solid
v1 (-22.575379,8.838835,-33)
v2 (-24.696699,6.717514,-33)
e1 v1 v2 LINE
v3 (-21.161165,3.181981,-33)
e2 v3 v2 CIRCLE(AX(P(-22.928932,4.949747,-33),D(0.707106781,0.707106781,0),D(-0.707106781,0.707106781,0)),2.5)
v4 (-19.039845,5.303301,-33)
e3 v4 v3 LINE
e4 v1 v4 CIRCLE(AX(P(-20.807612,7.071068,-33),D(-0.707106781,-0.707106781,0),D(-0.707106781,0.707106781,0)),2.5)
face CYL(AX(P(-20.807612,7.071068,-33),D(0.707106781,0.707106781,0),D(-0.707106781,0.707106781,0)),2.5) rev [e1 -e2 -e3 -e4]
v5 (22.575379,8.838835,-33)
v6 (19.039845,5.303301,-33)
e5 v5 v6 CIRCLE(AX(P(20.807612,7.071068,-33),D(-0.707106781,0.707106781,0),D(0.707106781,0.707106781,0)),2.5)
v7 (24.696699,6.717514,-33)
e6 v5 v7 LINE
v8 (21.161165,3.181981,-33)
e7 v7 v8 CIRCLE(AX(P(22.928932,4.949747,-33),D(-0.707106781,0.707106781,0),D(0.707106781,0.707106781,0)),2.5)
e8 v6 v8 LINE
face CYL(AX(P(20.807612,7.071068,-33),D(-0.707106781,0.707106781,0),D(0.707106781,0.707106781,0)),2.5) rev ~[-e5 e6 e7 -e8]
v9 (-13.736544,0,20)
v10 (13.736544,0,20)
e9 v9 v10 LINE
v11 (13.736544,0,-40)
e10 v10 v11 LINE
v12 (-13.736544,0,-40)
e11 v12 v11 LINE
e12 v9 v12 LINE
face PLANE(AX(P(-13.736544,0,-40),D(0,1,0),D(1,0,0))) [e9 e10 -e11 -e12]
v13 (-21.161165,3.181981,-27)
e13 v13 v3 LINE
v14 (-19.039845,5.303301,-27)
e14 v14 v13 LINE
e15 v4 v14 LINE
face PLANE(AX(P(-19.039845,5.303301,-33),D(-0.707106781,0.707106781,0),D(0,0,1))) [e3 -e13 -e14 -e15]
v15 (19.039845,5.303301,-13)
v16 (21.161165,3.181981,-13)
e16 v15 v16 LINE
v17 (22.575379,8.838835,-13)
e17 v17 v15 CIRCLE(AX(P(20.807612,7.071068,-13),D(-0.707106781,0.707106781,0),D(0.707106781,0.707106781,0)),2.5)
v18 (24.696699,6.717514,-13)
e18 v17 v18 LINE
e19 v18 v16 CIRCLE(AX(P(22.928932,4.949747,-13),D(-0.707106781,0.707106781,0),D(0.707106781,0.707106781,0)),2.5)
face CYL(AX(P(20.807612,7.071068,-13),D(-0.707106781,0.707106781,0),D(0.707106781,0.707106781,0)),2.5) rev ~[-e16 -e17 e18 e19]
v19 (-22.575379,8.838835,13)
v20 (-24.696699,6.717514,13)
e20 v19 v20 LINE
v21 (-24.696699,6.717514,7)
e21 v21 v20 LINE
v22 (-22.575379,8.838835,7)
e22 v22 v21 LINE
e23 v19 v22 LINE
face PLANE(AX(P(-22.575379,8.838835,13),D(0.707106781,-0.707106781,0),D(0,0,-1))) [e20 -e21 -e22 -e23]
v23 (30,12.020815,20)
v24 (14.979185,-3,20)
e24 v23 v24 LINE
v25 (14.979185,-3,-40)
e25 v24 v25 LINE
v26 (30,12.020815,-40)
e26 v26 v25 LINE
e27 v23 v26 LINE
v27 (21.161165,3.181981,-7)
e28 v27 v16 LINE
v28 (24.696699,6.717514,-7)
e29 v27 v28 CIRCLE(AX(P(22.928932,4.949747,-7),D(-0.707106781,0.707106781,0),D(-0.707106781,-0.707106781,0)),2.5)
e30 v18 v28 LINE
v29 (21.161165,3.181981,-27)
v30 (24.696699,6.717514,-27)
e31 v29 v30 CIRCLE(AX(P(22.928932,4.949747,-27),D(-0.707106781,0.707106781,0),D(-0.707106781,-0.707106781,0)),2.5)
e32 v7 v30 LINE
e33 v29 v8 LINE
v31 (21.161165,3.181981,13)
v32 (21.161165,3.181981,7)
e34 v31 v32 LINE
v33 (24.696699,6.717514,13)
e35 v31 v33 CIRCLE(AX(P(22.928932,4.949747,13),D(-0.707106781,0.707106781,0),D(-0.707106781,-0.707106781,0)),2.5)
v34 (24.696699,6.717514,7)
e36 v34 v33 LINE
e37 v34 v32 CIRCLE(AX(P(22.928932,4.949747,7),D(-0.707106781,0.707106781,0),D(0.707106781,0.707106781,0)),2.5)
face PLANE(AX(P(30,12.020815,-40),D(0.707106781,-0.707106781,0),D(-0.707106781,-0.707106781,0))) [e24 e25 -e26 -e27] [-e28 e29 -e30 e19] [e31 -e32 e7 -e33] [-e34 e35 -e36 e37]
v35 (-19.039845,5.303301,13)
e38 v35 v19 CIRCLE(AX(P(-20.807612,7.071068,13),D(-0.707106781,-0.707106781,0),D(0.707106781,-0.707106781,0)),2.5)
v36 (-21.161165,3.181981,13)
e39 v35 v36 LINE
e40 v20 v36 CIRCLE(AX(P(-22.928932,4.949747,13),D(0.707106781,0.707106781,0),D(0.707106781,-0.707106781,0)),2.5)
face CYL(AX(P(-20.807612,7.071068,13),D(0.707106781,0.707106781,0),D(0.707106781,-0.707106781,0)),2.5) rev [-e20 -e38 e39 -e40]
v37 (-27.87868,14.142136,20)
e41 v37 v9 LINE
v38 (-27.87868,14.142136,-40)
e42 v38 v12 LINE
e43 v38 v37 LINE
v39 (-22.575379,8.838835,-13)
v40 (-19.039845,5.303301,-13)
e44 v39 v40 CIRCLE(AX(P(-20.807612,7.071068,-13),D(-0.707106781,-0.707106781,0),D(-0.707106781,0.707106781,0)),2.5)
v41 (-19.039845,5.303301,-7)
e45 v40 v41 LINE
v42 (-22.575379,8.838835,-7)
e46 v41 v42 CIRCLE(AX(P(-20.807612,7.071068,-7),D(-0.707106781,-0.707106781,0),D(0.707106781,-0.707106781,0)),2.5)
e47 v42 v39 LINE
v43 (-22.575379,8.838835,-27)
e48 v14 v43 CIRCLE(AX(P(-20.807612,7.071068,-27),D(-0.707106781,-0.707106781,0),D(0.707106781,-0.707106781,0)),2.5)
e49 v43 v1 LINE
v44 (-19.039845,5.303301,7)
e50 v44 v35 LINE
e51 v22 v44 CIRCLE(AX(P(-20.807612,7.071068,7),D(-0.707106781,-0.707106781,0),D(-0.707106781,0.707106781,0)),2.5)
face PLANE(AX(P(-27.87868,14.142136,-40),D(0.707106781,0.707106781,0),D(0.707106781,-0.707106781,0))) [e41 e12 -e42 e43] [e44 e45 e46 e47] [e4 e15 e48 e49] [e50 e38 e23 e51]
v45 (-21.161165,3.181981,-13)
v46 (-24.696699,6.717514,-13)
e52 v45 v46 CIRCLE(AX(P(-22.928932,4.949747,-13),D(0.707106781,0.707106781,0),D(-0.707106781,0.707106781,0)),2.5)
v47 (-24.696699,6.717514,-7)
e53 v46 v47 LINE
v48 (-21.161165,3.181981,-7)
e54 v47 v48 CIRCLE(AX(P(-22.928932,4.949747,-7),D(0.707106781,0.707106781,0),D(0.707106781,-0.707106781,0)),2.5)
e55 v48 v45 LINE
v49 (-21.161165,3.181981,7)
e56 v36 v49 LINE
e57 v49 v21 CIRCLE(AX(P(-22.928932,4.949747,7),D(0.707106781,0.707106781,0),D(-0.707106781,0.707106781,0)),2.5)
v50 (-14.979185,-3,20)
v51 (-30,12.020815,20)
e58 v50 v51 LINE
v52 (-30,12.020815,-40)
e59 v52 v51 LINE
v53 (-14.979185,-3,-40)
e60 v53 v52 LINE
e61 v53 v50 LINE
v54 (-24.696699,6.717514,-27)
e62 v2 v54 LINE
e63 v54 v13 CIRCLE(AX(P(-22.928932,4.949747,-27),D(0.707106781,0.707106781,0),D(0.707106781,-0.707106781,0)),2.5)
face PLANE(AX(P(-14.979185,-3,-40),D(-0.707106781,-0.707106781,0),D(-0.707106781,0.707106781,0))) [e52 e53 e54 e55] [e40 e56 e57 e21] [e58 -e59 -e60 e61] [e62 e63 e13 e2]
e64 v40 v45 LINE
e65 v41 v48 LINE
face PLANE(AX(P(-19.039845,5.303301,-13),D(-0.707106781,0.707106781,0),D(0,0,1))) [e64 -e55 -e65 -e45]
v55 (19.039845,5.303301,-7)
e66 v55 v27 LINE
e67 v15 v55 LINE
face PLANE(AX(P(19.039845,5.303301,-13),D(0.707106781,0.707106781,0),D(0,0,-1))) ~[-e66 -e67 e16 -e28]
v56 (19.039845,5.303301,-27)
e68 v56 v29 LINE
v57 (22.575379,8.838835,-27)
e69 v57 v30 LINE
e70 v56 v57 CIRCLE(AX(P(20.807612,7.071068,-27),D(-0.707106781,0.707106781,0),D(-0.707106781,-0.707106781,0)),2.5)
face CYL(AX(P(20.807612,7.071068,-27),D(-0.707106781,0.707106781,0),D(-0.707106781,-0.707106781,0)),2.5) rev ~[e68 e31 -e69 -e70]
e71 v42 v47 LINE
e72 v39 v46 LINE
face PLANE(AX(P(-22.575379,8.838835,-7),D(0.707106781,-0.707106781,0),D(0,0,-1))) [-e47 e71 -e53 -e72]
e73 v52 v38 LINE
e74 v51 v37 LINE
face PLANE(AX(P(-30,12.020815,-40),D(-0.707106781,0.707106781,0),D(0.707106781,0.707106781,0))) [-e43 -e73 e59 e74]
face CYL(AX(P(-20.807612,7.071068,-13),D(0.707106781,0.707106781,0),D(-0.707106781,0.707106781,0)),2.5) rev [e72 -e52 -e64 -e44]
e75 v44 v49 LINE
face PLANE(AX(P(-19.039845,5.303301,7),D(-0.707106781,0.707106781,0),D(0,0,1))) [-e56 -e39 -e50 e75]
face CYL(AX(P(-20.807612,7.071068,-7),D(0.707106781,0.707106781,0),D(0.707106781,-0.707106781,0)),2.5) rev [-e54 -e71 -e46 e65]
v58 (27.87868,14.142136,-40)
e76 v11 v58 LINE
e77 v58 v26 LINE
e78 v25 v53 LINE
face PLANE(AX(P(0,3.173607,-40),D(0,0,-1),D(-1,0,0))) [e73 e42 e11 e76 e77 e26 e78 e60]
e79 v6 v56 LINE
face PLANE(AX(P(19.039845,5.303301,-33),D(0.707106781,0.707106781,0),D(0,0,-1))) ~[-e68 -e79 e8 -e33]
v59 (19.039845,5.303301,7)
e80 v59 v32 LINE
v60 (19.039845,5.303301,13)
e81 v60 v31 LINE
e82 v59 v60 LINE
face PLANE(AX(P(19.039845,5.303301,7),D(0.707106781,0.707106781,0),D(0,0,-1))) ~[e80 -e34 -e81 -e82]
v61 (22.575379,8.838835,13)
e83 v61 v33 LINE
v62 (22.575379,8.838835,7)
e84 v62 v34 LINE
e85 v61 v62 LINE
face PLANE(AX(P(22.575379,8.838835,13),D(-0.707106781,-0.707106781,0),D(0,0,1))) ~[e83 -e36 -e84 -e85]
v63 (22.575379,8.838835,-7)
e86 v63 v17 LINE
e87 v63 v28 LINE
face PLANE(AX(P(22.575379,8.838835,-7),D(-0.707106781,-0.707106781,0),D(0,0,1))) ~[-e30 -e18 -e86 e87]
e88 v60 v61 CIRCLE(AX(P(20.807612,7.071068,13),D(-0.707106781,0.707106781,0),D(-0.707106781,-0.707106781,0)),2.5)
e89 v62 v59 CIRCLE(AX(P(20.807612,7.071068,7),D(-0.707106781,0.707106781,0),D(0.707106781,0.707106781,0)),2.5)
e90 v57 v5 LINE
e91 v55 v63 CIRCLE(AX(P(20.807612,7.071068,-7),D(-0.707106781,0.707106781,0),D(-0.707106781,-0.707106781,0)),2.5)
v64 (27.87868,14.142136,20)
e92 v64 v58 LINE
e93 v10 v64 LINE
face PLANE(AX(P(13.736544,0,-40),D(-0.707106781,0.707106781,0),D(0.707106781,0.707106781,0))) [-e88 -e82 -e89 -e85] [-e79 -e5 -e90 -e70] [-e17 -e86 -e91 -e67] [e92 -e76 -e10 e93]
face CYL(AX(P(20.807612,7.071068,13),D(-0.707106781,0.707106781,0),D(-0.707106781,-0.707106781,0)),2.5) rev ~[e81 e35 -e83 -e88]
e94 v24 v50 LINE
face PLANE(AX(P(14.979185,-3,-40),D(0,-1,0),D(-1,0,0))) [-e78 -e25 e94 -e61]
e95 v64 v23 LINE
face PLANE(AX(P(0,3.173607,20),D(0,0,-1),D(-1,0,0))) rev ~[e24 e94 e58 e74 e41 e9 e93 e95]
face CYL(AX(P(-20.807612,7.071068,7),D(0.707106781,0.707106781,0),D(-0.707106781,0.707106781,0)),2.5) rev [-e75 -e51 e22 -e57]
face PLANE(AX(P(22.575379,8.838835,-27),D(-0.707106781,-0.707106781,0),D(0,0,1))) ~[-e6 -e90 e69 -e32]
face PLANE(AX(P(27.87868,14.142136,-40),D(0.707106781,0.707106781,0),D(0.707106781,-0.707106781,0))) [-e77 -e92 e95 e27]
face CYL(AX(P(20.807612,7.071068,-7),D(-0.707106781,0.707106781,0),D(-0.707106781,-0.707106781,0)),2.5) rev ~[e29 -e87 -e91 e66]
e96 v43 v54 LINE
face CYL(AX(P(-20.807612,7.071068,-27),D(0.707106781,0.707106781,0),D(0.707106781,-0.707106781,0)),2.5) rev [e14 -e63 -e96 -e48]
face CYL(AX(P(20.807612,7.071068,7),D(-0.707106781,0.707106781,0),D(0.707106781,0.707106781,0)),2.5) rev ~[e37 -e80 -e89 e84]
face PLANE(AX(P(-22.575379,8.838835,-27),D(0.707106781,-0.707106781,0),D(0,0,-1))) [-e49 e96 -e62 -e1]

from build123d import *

# Parameters (mm, degrees)
EXTRUDE_1_DEPTH        = 20
CUT_EXTRUDE_1_DEPTH    = 14.621320344
PATTERN_LINEAR_1_COUNT = 3
PATTERN_LINEAR_1_PITCH = 20


with BuildPart() as part:
    # Эскиз1 → Вытянуть-Тонкостенный1 (new body)
    with BuildSketch(Plane.XY):
        Polygon((-27.878679656, 14.142135624), (-13.736544033, 0), (13.736544033, 0), (27.878679656, 14.142135624), (30, 12.02081528), (14.97918472, -3), (-14.97918472, -3), (-30, 12.02081528), align=None)
    extrude(amount=EXTRUDE_1_DEPTH)

    # Эскиз2 → Вырез-Вытянуть1 (cut, through all)
    with BuildSketch(Plane(origin=(-6.868272016, -6.868272016, 0), x_dir=(0, 0, -1), z_dir=(0.707106781, 0.707106781, 0))):
        with BuildLine():
            Line((-7, 17.213203436), (-13, 17.213203436))
            ThreePointArc((-13, 17.213203436), (-15.5, 19.713203436), (-13, 22.213203436))
            Line((-13, 22.213203436), (-7, 22.213203436))
            ThreePointArc((-7, 22.213203436), (-4.5, 19.713203436), (-7, 17.213203436))
        make_face()
    cut_extrude_1 = extrude(amount=-CUT_EXTRUDE_1_DEPTH, mode=Mode.SUBTRACT)

    # Зеркальное отражение1: Вырез-Вытянуть1 across plane
    add(cut_extrude_1.mirror(Plane(origin=(0, 0, 0), x_dir=(0, 0, 1), z_dir=(1, 0, 0))), mode=Mode.SUBTRACT)


with BuildPart() as pattern_linear_1_1:
    # Линейный массив1: pattern copy
    add(part.part.moved(Location(Vector(0, 0, -1) * (1 * PATTERN_LINEAR_1_PITCH))))


with BuildPart() as pattern_linear_1_2:
    # Линейный массив1: pattern copy
    add(part.part.moved(Location(Vector(0, 0, -1) * (2 * PATTERN_LINEAR_1_PITCH))))


with BuildPart() as part_1:
    add(part.part)

    # Combine 2: union Линейный массив1_1, Линейный массив1_2
    add(pattern_linear_1_1.part)
    add(pattern_linear_1_2.part)


solid = part_1.part
